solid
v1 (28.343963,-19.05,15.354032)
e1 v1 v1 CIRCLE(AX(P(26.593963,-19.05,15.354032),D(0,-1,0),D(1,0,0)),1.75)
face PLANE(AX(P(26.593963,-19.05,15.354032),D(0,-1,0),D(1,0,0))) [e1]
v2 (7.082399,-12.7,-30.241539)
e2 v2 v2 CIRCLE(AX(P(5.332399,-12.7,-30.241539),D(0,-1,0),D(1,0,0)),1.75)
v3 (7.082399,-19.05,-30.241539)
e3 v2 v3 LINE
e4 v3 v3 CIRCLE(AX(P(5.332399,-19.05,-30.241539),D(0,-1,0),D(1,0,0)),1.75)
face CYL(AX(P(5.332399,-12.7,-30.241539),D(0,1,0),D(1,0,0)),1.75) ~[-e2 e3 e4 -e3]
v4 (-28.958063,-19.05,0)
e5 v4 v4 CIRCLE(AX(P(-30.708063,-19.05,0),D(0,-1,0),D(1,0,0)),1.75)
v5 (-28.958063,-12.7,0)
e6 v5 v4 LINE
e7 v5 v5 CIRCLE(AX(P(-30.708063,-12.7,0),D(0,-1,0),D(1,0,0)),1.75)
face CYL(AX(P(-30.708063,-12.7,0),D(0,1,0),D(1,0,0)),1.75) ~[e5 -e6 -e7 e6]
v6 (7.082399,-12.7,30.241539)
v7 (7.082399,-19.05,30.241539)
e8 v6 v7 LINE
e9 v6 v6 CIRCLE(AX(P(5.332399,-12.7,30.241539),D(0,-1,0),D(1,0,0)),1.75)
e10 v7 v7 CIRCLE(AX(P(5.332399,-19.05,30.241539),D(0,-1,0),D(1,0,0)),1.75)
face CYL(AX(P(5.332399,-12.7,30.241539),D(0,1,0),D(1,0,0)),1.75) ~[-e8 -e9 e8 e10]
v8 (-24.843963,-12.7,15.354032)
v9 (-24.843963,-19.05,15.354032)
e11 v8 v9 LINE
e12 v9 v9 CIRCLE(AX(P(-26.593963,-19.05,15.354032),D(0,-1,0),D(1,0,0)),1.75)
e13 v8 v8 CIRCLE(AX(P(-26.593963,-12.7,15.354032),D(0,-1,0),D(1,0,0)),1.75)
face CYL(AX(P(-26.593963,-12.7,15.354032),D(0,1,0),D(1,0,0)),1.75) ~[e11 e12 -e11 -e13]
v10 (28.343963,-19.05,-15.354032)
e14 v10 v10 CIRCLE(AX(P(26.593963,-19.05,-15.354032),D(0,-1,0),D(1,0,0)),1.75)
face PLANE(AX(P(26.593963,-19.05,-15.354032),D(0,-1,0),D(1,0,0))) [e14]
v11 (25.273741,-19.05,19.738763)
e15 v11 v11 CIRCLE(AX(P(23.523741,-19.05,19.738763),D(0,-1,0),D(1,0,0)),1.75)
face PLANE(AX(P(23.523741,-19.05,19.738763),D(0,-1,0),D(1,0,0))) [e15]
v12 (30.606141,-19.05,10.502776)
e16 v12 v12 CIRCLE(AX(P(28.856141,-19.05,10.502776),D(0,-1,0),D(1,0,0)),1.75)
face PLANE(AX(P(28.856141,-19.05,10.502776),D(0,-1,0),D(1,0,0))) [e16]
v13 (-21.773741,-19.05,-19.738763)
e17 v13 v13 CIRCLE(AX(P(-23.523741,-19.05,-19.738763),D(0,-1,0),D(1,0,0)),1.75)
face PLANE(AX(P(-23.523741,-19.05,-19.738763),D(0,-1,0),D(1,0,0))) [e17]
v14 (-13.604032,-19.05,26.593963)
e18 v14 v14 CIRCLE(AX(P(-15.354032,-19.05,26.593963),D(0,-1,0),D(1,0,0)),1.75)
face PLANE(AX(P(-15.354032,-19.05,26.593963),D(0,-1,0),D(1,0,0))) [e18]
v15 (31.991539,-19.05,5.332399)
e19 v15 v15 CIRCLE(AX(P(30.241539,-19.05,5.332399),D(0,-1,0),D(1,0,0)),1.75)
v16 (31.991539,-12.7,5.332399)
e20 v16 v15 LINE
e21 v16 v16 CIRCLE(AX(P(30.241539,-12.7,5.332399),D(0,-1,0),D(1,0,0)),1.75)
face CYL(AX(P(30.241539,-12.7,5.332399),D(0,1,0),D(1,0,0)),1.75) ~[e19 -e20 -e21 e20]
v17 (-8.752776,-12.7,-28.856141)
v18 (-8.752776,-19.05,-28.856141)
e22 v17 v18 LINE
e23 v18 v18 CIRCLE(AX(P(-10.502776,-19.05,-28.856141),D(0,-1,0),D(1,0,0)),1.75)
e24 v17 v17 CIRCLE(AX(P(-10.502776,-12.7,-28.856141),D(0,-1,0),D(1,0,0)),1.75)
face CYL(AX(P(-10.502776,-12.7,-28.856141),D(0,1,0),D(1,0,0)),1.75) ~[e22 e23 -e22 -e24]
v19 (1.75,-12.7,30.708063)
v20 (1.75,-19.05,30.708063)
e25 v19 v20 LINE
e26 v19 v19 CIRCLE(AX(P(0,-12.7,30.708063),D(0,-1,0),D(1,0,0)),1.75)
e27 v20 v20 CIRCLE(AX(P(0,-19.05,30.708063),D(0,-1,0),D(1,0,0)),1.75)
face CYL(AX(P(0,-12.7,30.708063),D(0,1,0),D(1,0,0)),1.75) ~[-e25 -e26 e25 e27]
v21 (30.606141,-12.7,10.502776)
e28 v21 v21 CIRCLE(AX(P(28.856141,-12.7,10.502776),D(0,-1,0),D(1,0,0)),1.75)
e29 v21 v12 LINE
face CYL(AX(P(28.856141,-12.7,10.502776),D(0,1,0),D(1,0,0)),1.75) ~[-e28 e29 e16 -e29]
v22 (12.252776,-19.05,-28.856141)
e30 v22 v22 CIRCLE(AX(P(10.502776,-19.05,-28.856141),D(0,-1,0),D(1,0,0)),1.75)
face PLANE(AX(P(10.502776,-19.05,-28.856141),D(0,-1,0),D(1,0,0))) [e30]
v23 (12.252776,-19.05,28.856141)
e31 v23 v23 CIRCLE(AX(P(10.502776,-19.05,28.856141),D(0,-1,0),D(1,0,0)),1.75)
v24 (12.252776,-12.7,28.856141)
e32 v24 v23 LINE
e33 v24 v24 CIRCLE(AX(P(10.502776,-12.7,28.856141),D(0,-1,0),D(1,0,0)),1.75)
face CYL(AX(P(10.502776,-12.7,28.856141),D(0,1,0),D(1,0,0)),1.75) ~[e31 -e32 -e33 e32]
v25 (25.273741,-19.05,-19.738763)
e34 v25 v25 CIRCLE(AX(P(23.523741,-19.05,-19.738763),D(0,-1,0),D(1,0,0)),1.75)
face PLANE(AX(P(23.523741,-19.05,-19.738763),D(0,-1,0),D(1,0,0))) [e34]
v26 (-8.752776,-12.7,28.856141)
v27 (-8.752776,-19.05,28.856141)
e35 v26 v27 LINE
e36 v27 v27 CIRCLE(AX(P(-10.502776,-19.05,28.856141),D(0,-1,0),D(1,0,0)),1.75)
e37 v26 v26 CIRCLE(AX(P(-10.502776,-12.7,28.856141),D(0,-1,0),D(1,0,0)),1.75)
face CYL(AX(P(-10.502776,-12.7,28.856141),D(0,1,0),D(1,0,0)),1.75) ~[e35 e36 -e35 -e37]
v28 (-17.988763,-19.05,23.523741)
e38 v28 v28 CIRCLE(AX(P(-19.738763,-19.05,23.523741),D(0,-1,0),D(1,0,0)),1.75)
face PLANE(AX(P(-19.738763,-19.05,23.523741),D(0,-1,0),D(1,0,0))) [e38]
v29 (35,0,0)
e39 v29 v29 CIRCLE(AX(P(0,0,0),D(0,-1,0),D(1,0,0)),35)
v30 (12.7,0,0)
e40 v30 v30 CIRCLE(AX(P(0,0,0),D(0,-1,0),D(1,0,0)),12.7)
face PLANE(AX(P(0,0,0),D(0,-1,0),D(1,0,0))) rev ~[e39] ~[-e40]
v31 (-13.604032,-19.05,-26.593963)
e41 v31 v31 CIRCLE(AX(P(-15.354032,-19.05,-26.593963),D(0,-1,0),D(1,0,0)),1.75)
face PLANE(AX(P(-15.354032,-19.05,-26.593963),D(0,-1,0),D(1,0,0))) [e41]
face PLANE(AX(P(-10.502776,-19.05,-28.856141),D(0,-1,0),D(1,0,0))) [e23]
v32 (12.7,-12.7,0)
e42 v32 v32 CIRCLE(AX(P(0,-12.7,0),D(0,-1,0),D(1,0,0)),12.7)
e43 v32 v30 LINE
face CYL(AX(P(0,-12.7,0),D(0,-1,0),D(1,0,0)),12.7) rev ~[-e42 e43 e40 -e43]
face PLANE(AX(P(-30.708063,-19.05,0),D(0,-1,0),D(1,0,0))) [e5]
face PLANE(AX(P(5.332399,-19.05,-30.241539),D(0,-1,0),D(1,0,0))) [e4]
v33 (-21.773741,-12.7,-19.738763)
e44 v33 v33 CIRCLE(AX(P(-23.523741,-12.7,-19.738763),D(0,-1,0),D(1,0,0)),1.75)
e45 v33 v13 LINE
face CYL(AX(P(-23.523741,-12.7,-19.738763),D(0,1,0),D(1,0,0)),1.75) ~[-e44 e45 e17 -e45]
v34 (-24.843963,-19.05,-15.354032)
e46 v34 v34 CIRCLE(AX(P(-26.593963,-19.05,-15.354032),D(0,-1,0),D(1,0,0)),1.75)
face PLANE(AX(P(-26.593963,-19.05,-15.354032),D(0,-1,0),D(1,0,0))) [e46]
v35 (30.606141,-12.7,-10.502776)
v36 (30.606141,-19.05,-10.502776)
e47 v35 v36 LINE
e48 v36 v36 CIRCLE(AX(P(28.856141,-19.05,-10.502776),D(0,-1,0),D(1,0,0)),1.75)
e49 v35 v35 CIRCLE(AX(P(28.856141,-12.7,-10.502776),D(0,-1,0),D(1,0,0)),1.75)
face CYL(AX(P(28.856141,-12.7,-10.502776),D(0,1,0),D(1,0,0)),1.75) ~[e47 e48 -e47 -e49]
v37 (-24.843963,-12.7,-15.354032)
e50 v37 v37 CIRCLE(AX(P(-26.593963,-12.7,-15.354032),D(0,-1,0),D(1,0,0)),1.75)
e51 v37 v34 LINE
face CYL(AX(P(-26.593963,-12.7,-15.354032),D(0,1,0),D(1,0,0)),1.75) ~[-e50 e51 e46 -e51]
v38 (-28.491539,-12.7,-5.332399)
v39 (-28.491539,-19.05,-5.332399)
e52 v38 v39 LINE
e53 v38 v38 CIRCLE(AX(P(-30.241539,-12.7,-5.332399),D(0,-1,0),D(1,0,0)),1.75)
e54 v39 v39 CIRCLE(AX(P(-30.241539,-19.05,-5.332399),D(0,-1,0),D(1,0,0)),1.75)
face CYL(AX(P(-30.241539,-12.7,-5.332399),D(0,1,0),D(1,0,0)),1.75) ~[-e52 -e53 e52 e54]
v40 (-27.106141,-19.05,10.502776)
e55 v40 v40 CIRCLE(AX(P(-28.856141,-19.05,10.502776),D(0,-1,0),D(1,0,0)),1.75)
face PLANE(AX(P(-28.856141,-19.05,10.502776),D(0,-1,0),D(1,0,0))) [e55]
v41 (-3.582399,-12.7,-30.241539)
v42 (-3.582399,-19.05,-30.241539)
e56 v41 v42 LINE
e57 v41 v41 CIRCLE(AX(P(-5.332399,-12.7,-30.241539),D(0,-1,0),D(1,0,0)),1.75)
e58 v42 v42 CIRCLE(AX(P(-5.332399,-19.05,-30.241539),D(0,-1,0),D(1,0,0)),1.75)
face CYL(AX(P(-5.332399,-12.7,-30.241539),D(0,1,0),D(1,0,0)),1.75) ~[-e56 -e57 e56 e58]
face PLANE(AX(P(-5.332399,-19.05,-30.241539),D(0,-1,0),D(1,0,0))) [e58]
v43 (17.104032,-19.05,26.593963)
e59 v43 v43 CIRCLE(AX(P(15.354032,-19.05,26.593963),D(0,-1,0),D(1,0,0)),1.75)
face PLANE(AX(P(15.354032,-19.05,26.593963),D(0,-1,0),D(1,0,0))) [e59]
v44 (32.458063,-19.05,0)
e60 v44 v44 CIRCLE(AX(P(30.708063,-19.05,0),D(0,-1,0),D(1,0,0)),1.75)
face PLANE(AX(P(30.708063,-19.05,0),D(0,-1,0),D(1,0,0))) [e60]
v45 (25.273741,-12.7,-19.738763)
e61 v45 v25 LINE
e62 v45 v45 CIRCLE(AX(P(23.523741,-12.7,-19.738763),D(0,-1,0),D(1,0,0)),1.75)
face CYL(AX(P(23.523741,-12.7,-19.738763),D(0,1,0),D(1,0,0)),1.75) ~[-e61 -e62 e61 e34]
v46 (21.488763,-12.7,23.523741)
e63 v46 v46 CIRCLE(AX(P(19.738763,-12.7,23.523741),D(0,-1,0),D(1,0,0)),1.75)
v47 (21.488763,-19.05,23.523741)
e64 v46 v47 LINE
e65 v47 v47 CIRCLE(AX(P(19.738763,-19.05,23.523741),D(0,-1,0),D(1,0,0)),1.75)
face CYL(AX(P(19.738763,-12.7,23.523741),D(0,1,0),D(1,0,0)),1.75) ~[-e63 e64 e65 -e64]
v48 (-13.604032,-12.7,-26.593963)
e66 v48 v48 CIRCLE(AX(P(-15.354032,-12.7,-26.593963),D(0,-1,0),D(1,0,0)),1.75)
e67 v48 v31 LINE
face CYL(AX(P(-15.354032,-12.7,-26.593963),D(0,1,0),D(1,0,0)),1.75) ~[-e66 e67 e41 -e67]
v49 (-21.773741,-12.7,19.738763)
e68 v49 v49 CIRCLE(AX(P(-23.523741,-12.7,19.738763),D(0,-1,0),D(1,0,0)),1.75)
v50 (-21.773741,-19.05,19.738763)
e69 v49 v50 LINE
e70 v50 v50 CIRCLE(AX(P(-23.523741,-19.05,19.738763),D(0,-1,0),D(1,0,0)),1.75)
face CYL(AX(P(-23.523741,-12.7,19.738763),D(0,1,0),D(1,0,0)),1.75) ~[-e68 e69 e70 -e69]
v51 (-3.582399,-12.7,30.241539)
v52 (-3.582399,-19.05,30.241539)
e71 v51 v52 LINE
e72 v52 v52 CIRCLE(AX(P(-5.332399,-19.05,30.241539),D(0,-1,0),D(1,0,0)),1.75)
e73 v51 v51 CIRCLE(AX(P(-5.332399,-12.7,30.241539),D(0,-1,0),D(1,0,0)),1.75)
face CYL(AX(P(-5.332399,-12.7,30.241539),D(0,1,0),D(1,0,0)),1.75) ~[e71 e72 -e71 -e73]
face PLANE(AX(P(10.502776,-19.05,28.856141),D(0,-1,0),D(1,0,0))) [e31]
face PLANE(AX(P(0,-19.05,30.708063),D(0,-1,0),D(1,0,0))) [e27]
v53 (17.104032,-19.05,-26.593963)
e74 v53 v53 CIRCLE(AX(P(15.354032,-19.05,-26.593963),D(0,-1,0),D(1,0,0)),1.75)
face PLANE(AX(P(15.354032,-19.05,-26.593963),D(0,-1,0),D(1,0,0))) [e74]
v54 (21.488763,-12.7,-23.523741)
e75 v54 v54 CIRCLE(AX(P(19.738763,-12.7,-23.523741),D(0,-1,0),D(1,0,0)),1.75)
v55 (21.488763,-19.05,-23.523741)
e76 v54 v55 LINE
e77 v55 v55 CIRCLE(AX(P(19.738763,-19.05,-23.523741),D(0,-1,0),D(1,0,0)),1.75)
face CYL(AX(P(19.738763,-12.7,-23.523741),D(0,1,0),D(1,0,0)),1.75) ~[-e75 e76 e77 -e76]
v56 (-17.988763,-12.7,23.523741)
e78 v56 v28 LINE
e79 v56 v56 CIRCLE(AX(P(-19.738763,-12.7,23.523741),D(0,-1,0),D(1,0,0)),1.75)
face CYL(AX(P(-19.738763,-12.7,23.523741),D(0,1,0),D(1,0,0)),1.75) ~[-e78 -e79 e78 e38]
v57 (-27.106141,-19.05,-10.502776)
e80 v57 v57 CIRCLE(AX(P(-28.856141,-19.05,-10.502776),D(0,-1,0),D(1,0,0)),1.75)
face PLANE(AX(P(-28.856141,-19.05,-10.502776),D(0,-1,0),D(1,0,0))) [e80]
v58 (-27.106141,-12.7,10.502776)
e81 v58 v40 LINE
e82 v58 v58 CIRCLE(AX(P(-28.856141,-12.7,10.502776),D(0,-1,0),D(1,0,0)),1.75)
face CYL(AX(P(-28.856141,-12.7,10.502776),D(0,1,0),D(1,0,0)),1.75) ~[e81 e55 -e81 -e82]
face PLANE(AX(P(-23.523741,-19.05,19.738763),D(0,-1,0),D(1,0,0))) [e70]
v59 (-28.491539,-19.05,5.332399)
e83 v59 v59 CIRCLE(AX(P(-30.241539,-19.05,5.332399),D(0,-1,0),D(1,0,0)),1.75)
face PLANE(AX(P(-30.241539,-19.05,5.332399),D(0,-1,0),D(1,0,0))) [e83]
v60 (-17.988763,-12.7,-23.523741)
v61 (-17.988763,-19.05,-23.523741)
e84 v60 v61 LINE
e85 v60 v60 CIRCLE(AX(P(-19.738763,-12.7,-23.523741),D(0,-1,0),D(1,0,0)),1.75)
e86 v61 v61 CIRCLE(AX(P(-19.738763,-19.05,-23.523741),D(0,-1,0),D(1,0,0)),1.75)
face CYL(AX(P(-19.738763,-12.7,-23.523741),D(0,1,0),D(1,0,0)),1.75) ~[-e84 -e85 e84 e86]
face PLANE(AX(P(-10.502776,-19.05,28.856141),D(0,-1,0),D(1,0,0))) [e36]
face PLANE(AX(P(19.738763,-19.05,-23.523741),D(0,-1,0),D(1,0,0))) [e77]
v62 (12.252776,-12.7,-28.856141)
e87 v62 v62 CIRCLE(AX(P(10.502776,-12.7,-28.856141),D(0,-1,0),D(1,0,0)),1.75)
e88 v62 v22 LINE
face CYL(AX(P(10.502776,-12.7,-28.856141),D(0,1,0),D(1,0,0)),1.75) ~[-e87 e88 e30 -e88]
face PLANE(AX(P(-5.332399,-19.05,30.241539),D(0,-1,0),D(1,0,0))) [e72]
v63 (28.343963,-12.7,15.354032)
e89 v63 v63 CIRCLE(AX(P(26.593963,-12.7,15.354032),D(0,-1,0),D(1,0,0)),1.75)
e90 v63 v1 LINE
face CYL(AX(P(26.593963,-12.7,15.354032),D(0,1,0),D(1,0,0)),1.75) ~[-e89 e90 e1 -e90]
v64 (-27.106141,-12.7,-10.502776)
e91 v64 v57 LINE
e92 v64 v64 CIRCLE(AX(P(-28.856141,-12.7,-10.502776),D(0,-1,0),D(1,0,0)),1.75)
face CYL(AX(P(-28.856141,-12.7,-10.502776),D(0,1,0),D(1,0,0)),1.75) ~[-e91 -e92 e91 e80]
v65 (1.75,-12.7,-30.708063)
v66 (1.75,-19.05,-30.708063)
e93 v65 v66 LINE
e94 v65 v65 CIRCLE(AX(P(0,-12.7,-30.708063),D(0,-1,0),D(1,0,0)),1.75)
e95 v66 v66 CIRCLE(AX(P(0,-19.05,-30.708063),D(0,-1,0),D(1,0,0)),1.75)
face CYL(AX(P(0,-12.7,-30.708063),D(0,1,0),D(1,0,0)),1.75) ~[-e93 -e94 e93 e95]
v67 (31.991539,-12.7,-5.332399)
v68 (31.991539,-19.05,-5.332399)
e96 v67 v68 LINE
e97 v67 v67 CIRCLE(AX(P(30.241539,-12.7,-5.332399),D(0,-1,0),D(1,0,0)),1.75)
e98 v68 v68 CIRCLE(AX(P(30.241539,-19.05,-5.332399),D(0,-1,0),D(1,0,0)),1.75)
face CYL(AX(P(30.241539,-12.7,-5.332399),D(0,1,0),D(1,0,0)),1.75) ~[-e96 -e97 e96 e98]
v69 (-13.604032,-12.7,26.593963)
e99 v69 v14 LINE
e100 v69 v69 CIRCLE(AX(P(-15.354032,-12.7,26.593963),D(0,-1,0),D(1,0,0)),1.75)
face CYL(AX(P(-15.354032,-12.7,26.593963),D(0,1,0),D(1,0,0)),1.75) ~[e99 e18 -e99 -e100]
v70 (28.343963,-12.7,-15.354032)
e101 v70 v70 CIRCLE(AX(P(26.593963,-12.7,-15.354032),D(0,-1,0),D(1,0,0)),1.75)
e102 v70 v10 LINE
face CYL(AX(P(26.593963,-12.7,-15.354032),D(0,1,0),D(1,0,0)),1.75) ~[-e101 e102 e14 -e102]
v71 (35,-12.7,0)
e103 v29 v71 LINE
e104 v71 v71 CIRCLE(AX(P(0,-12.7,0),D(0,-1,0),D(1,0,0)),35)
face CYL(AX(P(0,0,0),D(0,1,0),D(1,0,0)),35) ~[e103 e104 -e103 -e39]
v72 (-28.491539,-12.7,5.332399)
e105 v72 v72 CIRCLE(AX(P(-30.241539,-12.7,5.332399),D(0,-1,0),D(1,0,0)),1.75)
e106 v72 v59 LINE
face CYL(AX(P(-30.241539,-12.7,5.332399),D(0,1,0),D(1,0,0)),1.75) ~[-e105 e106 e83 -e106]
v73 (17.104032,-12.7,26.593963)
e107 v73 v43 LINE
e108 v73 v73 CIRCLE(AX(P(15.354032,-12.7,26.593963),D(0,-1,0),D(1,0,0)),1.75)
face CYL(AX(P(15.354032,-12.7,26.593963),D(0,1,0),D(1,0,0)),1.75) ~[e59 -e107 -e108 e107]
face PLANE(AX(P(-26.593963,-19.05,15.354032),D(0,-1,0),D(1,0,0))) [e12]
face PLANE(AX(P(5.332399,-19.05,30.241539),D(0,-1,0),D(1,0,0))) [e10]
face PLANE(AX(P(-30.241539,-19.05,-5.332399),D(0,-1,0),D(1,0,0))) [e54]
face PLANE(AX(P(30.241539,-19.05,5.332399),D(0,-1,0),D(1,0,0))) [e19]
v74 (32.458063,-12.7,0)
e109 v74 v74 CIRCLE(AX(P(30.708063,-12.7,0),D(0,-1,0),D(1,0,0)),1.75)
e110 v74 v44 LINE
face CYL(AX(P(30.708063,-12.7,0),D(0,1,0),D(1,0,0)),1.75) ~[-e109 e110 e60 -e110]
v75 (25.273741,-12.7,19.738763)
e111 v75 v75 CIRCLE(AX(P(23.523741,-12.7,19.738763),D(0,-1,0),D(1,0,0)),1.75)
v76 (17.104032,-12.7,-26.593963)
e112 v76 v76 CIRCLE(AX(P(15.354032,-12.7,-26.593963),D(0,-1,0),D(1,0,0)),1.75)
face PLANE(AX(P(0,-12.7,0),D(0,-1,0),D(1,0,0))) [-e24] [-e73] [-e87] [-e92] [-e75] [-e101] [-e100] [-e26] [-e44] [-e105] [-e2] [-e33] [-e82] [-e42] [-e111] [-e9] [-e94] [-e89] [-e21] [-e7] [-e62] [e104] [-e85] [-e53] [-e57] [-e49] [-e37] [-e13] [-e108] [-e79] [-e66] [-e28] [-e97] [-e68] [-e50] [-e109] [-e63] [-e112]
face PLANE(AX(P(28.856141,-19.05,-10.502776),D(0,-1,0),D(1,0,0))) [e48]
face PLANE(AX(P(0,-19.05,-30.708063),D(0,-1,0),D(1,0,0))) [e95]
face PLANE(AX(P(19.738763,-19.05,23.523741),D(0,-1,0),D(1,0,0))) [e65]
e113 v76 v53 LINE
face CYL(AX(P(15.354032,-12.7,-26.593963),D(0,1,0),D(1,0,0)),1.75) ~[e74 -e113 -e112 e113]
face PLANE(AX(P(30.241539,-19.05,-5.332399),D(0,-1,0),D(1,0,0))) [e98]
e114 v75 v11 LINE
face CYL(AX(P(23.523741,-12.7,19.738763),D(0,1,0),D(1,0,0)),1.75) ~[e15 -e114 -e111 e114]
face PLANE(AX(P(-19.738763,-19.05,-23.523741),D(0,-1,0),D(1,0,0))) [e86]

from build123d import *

# Parameters (mm, degrees)
F0_R     = 35
F1_DEPTH = 12.7
F2_R     = 1.75
F3_DEPTH = 6.35
F4_R     = 12.7
F5_DEPTH = 12.701


with BuildPart() as f1:
    # F0 (on Front) → F1 (new body)
    with BuildSketch(Plane.XZ):
        Circle(F0_R)
    extrude(amount=F1_DEPTH)

    # F2 (on face) → F3 (join)
    with BuildSketch(Plane.XZ.offset(12.7)):
        with Locations((-30.708063, 0)):
            Circle(F2_R)
        with Locations((-30.241539, 5.332399)):
            Circle(F2_R)
        with Locations((-28.856141, 10.502776)):
            Circle(F2_R)
        with Locations((-26.593963, 15.354032)):
            Circle(F2_R)
        with Locations((-23.523741, 19.738763)):
            Circle(F2_R)
        with Locations((-19.738763, 23.523741)):
            Circle(F2_R)
        with Locations((-15.354032, 26.593963)):
            Circle(F2_R)
        with Locations((-10.502776, 28.856141)):
            Circle(F2_R)
        with Locations((-5.332399, 30.241539)):
            Circle(F2_R)
        with Locations((0, 30.708063)):
            Circle(F2_R)
        with Locations((5.332399, 30.241539)):
            Circle(F2_R)
        with Locations((10.502776, 28.856141)):
            Circle(F2_R)
        with Locations((15.354032, 26.593963)):
            Circle(F2_R)
        with Locations((19.738763, 23.523741)):
            Circle(F2_R)
        with Locations((23.523741, 19.738763)):
            Circle(F2_R)
        with Locations((26.593963, 15.354032)):
            Circle(F2_R)
        with Locations((28.856141, 10.502776)):
            Circle(F2_R)
        with Locations((30.241539, 5.332399)):
            Circle(F2_R)
        with Locations((30.708063, 0)):
            Circle(F2_R)
        with Locations((30.241539, -5.332399)):
            Circle(F2_R)
        with Locations((28.856141, -10.502776)):
            Circle(F2_R)
        with Locations((26.593963, -15.354032)):
            Circle(F2_R)
        with Locations((23.523741, -19.738763)):
            Circle(F2_R)
        with Locations((19.738763, -23.523741)):
            Circle(F2_R)
        with Locations((15.354032, -26.593963)):
            Circle(F2_R)
        with Locations((10.502776, -28.856141)):
            Circle(F2_R)
        with Locations((5.332399, -30.241539)):
            Circle(F2_R)
        with Locations((0, -30.708063)):
            Circle(F2_R)
        with Locations((-5.332399, -30.241539)):
            Circle(F2_R)
        with Locations((-10.502776, -28.856141)):
            Circle(F2_R)
        with Locations((-15.354032, -26.593963)):
            Circle(F2_R)
        with Locations((-19.738763, -23.523741)):
            Circle(F2_R)
        with Locations((-23.523741, -19.738763)):
            Circle(F2_R)
        with Locations((-26.593963, -15.354032)):
            Circle(F2_R)
        with Locations((-28.856141, -10.502776)):
            Circle(F2_R)
        with Locations((-30.241539, -5.332399)):
            Circle(F2_R)
    extrude(amount=F3_DEPTH)

    # F4 (on face) → F5 (cut, through all)
    with BuildSketch(Plane.XZ.offset(12.7)):
        Circle(F4_R)
    extrude(amount=-F5_DEPTH, mode=Mode.SUBTRACT)


solid = f1.part
